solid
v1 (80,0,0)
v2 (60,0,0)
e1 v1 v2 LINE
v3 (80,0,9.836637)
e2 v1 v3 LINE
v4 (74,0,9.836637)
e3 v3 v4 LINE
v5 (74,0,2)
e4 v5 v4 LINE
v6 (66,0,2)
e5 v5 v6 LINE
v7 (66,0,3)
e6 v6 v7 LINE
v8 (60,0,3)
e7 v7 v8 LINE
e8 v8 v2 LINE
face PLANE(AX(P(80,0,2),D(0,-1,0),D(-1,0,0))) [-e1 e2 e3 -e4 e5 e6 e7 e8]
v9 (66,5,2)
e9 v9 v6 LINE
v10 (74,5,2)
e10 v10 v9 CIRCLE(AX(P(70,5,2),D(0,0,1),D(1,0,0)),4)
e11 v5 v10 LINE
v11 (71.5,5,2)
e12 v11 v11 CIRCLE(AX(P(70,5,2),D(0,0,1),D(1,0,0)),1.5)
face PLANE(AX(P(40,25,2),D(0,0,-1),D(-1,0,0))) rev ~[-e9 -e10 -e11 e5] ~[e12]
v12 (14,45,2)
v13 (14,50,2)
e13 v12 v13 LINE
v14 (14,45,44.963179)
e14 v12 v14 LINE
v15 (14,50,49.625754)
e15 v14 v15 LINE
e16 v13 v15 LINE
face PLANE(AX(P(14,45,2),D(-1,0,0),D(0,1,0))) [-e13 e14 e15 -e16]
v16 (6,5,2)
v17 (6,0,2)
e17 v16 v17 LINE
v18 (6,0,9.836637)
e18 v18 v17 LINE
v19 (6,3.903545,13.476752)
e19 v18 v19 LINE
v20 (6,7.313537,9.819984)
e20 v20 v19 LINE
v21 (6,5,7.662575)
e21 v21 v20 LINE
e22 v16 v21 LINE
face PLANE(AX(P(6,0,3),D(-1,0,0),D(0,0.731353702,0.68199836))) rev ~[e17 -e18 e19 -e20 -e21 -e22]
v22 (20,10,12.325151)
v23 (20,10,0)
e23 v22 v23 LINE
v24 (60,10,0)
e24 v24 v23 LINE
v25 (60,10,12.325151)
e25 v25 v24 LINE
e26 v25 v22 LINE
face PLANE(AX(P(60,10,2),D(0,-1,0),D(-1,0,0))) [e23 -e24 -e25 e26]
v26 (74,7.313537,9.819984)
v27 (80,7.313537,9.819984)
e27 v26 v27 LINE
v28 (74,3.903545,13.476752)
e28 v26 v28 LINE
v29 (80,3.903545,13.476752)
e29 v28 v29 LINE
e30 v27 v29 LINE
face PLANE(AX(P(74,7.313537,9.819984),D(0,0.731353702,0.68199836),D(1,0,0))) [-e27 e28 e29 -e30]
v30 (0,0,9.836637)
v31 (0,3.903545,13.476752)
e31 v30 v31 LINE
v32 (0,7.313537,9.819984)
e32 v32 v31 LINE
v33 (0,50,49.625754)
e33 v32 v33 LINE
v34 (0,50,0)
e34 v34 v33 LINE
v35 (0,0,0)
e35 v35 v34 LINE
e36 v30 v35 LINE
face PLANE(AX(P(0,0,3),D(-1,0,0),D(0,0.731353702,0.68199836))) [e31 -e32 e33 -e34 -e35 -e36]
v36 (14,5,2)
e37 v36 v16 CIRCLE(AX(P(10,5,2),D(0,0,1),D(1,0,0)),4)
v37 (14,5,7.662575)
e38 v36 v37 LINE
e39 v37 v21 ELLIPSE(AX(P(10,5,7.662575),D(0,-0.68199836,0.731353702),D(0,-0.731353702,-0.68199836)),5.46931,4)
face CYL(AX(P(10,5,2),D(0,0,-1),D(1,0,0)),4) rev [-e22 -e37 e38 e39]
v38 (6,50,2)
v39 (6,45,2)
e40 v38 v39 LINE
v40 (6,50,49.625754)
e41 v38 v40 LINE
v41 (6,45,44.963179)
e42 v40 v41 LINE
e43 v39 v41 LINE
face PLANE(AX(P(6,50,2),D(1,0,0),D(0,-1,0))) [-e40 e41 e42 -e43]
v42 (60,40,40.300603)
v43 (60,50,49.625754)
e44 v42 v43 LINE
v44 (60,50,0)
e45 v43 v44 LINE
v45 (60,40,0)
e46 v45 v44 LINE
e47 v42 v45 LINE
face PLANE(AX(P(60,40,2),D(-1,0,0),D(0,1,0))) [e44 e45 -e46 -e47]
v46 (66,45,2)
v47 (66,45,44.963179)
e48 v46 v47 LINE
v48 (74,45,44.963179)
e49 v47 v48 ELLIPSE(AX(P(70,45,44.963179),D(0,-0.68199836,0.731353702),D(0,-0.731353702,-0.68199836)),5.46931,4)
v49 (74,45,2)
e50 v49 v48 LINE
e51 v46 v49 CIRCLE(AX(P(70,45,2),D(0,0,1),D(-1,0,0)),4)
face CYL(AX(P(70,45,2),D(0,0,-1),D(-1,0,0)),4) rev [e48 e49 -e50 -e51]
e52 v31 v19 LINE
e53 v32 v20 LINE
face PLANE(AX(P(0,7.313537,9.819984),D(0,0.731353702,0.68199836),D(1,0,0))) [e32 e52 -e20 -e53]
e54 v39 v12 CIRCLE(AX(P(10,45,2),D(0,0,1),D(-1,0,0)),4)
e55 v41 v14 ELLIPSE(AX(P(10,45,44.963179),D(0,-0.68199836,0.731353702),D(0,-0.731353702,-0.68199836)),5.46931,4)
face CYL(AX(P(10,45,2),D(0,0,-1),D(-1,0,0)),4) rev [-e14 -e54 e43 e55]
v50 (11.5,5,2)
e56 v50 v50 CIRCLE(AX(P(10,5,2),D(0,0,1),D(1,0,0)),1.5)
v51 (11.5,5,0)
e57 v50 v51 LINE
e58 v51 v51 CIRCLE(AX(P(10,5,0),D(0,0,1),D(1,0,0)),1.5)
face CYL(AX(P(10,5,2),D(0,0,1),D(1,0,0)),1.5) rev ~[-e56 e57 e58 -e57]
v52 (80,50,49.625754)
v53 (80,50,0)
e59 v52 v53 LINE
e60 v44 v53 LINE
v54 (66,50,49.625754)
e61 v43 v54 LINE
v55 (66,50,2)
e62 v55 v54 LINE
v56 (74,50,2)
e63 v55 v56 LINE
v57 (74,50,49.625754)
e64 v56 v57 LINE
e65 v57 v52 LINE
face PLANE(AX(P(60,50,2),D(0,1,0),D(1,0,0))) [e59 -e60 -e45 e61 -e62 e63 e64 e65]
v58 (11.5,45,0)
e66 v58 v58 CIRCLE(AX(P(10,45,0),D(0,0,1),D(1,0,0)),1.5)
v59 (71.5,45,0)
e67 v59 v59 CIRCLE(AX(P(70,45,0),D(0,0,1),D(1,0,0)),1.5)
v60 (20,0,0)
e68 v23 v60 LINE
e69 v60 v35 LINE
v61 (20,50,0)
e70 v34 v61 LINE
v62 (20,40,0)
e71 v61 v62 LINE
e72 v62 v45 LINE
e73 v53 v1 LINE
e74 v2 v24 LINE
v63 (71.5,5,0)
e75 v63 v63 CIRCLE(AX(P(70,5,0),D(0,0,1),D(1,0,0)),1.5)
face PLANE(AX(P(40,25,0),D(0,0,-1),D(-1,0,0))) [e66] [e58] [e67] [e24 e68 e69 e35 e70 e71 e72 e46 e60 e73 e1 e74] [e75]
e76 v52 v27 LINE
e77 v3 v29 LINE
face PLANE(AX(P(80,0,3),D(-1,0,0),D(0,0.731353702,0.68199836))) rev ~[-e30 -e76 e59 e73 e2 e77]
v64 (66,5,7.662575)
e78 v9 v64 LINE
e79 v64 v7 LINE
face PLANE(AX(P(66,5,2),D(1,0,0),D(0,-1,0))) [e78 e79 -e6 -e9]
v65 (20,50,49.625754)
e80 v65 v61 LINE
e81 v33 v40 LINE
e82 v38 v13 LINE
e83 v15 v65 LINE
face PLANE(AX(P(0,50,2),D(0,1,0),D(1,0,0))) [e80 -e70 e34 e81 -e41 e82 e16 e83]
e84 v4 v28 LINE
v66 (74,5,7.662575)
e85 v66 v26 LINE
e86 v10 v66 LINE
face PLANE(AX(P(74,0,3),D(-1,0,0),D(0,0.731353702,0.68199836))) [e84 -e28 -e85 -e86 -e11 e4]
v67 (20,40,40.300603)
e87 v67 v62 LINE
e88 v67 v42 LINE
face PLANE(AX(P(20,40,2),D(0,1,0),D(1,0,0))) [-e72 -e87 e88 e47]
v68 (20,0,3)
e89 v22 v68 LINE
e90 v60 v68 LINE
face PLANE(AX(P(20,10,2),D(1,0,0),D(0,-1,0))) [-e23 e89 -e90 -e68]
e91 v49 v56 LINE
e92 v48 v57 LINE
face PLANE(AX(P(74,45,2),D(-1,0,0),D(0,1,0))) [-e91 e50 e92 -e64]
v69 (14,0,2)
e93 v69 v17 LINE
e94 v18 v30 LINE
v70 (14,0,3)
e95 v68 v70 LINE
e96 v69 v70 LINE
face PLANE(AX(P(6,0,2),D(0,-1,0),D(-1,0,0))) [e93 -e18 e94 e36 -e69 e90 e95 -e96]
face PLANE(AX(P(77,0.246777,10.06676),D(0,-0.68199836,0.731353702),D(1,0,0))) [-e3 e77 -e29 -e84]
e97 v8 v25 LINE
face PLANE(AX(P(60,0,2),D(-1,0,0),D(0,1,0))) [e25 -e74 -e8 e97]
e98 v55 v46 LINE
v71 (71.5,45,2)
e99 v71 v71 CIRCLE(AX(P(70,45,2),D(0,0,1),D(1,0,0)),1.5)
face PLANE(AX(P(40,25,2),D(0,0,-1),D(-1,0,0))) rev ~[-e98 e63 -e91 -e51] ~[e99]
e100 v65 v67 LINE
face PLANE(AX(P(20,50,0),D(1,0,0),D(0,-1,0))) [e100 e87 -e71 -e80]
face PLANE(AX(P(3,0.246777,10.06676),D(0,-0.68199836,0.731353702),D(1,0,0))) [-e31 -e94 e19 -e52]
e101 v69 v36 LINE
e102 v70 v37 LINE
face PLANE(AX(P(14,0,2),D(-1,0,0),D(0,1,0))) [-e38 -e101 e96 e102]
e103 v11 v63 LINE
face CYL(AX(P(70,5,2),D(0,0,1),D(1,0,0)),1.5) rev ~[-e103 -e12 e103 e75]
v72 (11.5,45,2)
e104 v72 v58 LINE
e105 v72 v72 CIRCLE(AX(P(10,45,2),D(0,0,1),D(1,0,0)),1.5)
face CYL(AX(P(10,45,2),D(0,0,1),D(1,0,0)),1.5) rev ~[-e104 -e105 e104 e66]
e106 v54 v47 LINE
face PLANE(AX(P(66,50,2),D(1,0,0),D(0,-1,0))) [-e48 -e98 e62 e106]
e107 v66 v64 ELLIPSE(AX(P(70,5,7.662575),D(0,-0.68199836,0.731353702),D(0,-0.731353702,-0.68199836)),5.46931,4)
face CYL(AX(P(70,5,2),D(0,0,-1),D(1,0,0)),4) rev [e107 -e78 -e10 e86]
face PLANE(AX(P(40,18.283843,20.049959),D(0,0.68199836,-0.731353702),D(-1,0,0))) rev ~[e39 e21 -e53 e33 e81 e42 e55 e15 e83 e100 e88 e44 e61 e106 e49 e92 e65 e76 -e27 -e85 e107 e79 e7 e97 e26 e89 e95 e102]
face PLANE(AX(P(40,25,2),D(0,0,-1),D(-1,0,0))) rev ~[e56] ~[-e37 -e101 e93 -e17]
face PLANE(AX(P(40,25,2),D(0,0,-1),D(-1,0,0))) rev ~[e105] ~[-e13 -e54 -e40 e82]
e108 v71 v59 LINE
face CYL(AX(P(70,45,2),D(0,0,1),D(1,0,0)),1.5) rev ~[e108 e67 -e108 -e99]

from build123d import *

# Parameters (mm, degrees)
EXTRUDE_2_DEPTH     = 2
SKETCH_3_R          = 1.5
CUT_EXTRUDE_1_DEPTH = 95.361008897
EXTRUDE_3_DEPTH     = 1
DRAFT_4_ANGLE       = 43
SKETCH_6_W          = 6
SKETCH_6_H          = 10
EXTRUDE_4_DEPTH     = 5
SKETCH_7_W          = 6
SKETCH_7_H          = 10
EXTRUDE_5_DEPTH     = 5
CUT_EXTRUDE_2_DEPTH = 107.596038813


with BuildPart() as part:
    # 草图1 → 凸台-拉伸2 (new body)
    with BuildSketch(Plane.XY):
        Polygon((0, 0), (0, 50), (20, 50), (20, 40), (60, 40), (60, 50), (80, 50), (80, 0), (60, 0), (60, 10), (20, 10), (20, 0), align=None)
    extrude(amount=EXTRUDE_2_DEPTH)

    # 草图3 → 切除-拉伸1 (cut, through all)
    with BuildSketch(Plane.XY.offset(2)):
        with Locations((10, 45)):
            Circle(SKETCH_3_R)
        with Locations((10, 5)):
            Circle(SKETCH_3_R)
        with Locations((70, 45)):
            Circle(SKETCH_3_R)
        with Locations((70, 5)):
            Circle(SKETCH_3_R)
    extrude(amount=-CUT_EXTRUDE_1_DEPTH, mode=Mode.SUBTRACT)

    # 草图5 → 凸台-拉伸3 (add)
    with BuildSketch(Plane.XY.offset(2)):
        with BuildLine():
            Line((0, 50), (6, 50))
            Line((6, 50), (6, 45))
            ThreePointArc((6, 45), (10, 41), (14, 45))
            Line((14, 45), (14, 50))
            Line((14, 50), (20, 50))
            Line((20, 50), (20, 40))
            Line((20, 40), (60, 40))
            Line((60, 40), (60, 50))
            Line((60, 50), (66, 50))
            Line((66, 50), (66, 45))
            ThreePointArc((66, 45), (70, 41), (74, 45))
            Line((74, 45), (74, 50))
            Line((74, 50), (80, 50))
            Line((80, 50), (80, 0))
            Line((80, 0), (74, 0))
            Line((74, 0), (74, 5))
            ThreePointArc((74, 5), (70, 9), (66, 5))
            Line((66, 5), (66, 0))
            Line((66, 0), (60, 0))
            Line((60, 0), (60, 10))
            Line((60, 10), (20, 10))
            Line((20, 10), (20, 0))
            Line((20, 0), (14, 0))
            Line((14, 0), (14, 5))
            ThreePointArc((14, 5), (10, 9), (6, 5))
            Line((6, 5), (6, 0))
            Line((6, 0), (0, 0))
            Line((0, 0), (0, 50))
        make_face()
    extrude(amount=EXTRUDE_3_DEPTH)

    # 拔模4
    draft_4_faces = [part.faces().sort_by_distance(p)[0] for p in [
        (40, 25, 3),
    ]]
    draft(draft_4_faces, Plane(origin=(20, 0, 2), x_dir=(-1, 0, 0), z_dir=(0, -1, 0)), DRAFT_4_ANGLE)

    # 草图6 → 凸台-拉伸4 (add)
    with BuildSketch(Plane(origin=(0, -1.496346075, 1.604634711), x_dir=(1, 0, 0), z_dir=(0, -0.6819983600624997, 0.7313537016191695))):
        with Locations((3, 7.04599508)):
            Rectangle(SKETCH_6_W, SKETCH_6_H)
    extrude(amount=EXTRUDE_4_DEPTH)

    # 草图7 → 凸台-拉伸5 (add)
    with BuildSketch(Plane(origin=(0, -1.496346075, 1.604634711), x_dir=(1, 0, 0), z_dir=(0, -0.6819983600624997, 0.7313537016191695))):
        with Locations((77, 7.04599508)):
            Rectangle(SKETCH_7_W, SKETCH_7_H)
    extrude(amount=EXTRUDE_5_DEPTH)

    # 草图8 → 切除-拉伸2 (cut, through all)
    with BuildSketch(Plane(origin=(80, 0, 0), x_dir=(0, 0, -1), z_dir=(1, 0, 0))):
        Polygon((-3, 0), (-9.836637305, 0), (-6.656768508, -3.4099918), align=None)
    extrude(amount=-CUT_EXTRUDE_2_DEPTH, mode=Mode.SUBTRACT)


solid = part.part
